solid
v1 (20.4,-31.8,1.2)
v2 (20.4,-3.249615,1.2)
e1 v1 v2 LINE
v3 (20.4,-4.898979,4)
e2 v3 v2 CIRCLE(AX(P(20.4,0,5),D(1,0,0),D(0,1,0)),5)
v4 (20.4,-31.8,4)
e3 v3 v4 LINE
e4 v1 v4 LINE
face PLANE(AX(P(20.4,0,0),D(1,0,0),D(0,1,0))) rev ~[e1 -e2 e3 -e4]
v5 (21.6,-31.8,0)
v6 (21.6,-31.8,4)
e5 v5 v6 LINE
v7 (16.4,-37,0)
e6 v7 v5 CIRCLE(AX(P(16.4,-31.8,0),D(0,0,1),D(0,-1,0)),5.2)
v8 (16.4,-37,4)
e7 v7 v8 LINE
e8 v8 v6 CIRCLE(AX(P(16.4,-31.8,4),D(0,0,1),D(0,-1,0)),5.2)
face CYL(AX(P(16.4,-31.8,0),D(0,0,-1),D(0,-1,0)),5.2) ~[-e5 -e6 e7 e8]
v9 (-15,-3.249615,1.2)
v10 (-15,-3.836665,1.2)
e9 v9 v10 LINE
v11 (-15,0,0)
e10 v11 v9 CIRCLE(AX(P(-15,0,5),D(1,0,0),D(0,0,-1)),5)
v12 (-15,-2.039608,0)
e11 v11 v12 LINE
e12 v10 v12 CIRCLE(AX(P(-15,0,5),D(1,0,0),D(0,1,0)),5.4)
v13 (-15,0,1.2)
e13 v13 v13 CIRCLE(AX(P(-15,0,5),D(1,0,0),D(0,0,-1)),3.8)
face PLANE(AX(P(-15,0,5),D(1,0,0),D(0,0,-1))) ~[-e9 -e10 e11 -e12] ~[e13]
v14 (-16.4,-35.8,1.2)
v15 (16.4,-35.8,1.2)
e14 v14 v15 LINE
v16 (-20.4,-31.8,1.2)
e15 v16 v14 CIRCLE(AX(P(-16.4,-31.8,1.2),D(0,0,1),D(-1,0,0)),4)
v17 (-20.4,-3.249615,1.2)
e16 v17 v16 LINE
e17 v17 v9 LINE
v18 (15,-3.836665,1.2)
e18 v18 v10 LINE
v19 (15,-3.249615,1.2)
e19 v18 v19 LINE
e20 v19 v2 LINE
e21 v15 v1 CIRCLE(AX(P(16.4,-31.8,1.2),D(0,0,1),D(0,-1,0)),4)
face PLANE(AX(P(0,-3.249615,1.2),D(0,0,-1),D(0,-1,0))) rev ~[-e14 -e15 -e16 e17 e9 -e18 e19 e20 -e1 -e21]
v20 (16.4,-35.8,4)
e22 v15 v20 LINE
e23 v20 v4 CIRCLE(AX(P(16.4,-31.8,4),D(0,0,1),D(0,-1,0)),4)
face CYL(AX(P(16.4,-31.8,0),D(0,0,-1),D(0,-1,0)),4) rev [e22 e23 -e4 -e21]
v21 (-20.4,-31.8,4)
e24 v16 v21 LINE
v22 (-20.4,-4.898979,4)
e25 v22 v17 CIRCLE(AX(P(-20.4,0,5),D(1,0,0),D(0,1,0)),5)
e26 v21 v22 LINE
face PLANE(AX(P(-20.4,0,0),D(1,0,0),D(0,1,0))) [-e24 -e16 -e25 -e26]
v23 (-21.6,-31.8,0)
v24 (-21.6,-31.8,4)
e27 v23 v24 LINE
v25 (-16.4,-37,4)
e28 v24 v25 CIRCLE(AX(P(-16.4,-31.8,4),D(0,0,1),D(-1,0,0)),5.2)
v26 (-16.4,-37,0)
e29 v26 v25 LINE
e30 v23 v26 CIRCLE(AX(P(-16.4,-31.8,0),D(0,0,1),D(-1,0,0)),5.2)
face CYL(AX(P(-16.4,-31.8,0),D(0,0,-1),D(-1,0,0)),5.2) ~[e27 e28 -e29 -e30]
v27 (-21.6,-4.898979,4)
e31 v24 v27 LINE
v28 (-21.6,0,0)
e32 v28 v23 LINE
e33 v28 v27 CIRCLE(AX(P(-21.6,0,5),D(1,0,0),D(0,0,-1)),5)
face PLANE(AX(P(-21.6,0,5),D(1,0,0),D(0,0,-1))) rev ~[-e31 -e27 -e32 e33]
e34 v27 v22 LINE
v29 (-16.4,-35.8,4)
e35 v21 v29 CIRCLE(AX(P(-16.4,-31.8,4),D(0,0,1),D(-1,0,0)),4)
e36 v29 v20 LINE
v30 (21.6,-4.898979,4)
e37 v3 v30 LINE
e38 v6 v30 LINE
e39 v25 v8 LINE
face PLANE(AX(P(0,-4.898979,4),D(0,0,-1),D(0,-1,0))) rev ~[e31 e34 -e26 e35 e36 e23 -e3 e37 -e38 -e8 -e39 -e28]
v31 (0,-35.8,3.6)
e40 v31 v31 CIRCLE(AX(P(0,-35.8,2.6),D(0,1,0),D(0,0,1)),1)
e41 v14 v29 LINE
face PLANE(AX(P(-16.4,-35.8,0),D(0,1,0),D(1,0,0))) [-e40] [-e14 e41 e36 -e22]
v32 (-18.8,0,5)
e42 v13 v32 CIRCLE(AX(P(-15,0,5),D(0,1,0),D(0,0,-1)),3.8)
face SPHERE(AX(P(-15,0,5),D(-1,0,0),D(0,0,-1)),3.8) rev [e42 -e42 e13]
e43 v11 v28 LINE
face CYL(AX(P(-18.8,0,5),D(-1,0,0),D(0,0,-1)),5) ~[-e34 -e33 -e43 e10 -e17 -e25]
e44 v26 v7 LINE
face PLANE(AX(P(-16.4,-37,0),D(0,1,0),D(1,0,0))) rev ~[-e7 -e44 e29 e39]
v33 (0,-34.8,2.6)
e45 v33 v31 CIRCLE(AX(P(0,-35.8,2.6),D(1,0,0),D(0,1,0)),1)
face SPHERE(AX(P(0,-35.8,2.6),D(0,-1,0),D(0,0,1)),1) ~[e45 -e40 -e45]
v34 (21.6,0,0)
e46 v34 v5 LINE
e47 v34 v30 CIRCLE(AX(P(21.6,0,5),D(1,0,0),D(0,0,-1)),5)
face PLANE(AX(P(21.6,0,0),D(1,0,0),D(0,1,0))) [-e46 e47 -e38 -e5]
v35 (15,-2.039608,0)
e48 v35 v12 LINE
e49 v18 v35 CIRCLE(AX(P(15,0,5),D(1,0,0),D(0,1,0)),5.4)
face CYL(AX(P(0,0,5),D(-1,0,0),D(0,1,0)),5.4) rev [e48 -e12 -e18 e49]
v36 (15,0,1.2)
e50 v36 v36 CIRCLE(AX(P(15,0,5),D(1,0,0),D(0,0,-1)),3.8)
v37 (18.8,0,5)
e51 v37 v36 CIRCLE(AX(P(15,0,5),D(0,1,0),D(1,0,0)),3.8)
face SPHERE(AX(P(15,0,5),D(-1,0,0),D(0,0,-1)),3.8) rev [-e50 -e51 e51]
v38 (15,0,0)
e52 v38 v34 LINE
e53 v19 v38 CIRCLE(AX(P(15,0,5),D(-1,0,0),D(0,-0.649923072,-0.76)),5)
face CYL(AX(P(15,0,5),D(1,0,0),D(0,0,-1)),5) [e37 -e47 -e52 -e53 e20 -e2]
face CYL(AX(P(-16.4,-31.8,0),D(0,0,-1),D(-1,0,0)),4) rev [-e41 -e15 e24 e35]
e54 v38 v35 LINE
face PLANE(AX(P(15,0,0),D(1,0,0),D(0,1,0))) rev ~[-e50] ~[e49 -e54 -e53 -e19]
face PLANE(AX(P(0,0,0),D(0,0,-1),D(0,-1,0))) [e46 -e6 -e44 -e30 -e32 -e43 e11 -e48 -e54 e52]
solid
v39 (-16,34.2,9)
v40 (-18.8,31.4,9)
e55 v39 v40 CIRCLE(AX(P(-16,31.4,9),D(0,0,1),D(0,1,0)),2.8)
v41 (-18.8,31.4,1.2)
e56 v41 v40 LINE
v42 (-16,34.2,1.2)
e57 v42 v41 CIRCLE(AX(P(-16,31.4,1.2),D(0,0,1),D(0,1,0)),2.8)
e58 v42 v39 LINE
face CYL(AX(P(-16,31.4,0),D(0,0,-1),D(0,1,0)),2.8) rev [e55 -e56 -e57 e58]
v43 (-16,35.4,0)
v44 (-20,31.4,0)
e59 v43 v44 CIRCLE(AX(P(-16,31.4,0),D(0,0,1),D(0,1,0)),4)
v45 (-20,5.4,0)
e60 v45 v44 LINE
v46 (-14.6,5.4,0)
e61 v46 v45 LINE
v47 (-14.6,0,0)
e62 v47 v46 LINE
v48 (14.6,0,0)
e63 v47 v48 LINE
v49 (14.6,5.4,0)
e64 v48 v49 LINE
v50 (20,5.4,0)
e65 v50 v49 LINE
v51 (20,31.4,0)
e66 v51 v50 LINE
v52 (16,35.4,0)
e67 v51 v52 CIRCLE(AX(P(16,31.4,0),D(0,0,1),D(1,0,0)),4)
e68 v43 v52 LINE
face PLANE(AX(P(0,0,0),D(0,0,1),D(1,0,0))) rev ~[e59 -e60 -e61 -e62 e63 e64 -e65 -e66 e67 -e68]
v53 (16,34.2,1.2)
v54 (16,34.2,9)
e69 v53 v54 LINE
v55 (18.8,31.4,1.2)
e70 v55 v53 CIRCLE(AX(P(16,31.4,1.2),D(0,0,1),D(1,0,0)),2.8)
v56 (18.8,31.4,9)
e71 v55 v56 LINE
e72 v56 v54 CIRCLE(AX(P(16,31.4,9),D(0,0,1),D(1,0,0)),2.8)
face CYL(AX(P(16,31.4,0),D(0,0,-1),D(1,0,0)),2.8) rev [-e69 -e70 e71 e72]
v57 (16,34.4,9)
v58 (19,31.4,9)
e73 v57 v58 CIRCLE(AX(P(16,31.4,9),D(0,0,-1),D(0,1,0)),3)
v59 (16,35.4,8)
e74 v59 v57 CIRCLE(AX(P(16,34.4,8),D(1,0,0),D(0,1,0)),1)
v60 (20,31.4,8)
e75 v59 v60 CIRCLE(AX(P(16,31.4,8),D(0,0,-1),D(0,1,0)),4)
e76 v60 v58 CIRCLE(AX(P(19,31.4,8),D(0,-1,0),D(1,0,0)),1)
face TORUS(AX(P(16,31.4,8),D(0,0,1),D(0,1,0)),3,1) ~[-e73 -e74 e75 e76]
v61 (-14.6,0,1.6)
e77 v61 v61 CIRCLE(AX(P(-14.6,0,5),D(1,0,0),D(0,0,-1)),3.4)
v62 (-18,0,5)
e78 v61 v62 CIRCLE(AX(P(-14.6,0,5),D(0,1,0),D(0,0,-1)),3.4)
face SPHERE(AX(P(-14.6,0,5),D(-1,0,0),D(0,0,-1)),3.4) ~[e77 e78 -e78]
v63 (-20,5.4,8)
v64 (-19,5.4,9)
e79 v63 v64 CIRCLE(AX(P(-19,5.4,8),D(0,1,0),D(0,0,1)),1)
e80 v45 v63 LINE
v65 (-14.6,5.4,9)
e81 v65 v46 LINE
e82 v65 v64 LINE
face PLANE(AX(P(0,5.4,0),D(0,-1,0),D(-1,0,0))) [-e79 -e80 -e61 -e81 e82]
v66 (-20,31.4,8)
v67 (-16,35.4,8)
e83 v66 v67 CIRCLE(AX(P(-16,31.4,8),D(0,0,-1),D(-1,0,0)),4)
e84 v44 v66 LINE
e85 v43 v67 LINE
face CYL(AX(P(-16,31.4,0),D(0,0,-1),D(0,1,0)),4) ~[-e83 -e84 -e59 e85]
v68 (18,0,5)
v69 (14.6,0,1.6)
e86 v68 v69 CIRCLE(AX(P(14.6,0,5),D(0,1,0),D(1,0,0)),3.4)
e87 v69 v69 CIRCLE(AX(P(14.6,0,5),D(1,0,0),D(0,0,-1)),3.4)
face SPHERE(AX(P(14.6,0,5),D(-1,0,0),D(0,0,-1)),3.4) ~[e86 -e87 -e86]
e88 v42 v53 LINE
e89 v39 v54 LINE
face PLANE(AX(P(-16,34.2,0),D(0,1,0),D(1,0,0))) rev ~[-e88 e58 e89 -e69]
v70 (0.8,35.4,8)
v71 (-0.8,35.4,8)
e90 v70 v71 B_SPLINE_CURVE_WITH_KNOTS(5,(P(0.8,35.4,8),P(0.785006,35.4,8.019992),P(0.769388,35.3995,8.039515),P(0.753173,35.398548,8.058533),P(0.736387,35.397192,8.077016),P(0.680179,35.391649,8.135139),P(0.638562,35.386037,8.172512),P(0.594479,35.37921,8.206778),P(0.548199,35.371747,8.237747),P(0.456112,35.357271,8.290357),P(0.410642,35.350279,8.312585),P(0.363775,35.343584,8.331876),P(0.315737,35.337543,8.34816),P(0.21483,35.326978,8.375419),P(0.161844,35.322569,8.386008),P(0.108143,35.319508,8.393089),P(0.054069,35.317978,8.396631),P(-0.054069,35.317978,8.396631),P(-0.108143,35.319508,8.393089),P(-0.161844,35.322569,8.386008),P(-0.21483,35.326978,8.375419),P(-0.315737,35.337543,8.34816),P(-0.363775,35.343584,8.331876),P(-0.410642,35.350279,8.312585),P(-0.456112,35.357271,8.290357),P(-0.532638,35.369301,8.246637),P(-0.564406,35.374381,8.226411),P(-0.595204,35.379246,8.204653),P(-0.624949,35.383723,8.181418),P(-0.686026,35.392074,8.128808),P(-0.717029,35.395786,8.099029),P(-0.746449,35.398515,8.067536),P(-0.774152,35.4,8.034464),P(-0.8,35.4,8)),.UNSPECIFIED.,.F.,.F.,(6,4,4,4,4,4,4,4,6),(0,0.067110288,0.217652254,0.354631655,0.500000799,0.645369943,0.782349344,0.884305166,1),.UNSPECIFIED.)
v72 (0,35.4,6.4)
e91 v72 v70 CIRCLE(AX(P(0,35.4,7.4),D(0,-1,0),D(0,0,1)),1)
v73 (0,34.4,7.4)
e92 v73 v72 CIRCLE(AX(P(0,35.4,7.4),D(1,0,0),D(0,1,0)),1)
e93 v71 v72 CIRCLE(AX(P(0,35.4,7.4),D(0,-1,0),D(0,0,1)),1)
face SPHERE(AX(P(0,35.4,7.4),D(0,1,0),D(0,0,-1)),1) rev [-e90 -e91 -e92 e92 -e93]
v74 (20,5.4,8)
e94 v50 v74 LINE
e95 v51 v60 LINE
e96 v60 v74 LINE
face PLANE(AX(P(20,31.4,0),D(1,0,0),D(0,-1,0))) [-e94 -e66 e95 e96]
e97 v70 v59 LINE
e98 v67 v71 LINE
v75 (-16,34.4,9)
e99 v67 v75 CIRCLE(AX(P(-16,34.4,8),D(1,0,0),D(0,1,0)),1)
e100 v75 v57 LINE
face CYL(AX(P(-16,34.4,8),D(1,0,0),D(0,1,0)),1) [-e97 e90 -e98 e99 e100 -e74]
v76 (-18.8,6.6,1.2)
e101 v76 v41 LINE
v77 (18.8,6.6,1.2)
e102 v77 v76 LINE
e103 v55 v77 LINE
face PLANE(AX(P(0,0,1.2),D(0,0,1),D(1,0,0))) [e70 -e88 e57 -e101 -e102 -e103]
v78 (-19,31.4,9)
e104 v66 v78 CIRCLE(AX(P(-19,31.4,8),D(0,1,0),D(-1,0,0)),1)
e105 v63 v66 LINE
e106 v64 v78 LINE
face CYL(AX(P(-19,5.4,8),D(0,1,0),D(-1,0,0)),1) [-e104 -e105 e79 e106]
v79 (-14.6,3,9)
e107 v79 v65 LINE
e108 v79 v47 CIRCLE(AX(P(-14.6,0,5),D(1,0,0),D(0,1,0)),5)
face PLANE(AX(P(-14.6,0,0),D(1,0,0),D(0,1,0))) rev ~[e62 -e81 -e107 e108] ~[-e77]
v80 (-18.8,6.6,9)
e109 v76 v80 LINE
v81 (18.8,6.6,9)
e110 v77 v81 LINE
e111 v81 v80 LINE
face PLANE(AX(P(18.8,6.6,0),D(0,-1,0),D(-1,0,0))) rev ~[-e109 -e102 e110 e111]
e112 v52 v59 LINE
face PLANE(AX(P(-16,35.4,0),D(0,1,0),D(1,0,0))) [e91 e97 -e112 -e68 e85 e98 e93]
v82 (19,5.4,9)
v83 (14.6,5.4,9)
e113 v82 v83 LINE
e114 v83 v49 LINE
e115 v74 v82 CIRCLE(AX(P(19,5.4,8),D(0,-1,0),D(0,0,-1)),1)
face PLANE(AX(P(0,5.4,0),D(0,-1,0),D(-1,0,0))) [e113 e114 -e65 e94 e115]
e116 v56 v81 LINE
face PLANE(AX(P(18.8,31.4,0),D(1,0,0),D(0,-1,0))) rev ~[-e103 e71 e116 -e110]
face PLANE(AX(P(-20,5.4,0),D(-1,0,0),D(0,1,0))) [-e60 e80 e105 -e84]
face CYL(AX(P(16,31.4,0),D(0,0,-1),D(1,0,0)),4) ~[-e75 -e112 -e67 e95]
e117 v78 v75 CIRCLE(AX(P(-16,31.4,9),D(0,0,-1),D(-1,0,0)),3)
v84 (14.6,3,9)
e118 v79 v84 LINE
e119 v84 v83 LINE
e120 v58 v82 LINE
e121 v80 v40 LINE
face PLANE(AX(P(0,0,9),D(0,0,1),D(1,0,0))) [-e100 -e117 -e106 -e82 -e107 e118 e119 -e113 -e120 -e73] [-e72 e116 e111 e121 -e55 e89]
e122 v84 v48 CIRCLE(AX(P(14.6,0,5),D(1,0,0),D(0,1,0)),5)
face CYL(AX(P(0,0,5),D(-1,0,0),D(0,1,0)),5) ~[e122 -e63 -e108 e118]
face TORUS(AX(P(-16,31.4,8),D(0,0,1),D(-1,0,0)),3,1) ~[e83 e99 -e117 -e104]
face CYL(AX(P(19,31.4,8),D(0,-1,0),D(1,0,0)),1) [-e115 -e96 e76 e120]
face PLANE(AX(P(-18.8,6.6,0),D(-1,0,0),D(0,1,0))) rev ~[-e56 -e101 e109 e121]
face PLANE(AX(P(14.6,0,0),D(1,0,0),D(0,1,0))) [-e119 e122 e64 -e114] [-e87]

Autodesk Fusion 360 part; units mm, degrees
sketch "Body" plane through (0, 0, 0) normal (0, 0, 1) x (1, 0, 0) in component "Base"
  line L0 (0, 0) -> (0, 5.4)
  line L1 (0, 5.4) -> (-20, 5.4)
  line L2 (-20, 5.4) -> (-20, 31.4)
  line L3 (-16, 35.4) -> (16, 35.4)
  line L4 (20, 31.4) -> (20, 5.4)
  line L5 (20, 5.4) -> (0, 5.4)
  arc A0 (-16, 35.4) -> (-20, 31.4) centre (-16, 31.4) ccw
  arc A1 (20, 31.4) -> (16, 35.4) centre (16, 31.4) ccw
  line L6 (0, 6.6) -> (-18.8, 6.6)
  line L7 (-18.8, 6.6) -> (-18.8, 31.4)
  arc A2 (-16, 34.2) -> (-18.8, 31.4) centre (-16, 31.4) ccw
  line L8 (-16, 34.2) -> (16, 34.2)
  arc A3 (18.8, 31.4) -> (16, 34.2) centre (16, 31.4) ccw
  line L9 (18.8, 31.4) -> (18.8, 6.6)
  line L10 (18.8, 6.6) -> (0, 6.6)
  dimension "d7" = 5.4
  dimension "d8" = 20
  dimension "d9" = 30
  dimension "d10" = 40
  dimension "d11" = 30
  dimension "d12" = 20
  dimension "d13" = 4
  dimension "d14" = 1.2
extrude "Extrude1" add sketch "Body" along normal blind 1.2 contours L6 L7 A2 L8 A3 L9 L10 makes body 1 in component "Base"
extrude "Extrude2" add sketch "Body" along normal blind 9 bodies 1 in component "Base"
sketch "Hinge" plane through (0, 0, 0) normal (1, 0, 0) x (0, 1, 0) in component "Base"
  line L0 (0, 0) -> (5.4, 0)
  line L1 (0, 0) -> (0, 5)
  circle A0 centre (0, 5) radius 5
  line L2 (0, 9) -> (5.4, 9)
  line L3 (5.4, 9) -> (5.4, 0)
  dimension "d19" = 5
  dimension "d20" = 10
  dimension "d21" = 9
extrude "Extrude3" add sketch "Hinge" along normal mid plane 29.2 bodies 1 in component "Base"
sketch "Hinge Ball" plane through (0, 0, 0) normal (0, 1, 0) x (1, 0, 0) in component "Base"
  line L0 (0, 0) -> (-18.8, 0)
  line L1 (0, 0) -> (0, -5) construction
  line L2 (0, -5) -> (14.6, -5) construction
  line L3 (14.6, -5) -> (18, -5)
  line L4 (14.6, -5) -> (14.6, -1.6)
  line L5 (18, -5) -> (18, -10.5) construction
  line L6 (14.6, -1.6) -> (9.5, -1.6) construction
  arc A0 (18, -5) -> (14.6, -1.6) centre (14.6, -5) ccw
  line L7 (-14.6, -5) -> (-18, -5)
  arc A1 (-14.6, -1.6) -> (-18, -5) centre (-14.6, -5) ccw
  line L8 (-14.6, -5) -> (-14.6, -1.6)
  dimension "d24" = 5
  dimension "d25" = 14.6
  dimension "d26" = 3.4
  dimension "d27" = 3.4
revolve "Revolve1" add sketch "Hinge Ball" angle 360 about axis through (0, 0, 5) along (1, 0, 0) bodies 1 in component "Base"
sketch "Body (2)" plane through (0, 0, 0) normal (0, 0, 1) x (1, 0, 0) in component "Lid"
  line L0 (0, 0) -> (0, 5.4)
  line L1 (0, 0) -> (0, -5)
  line L2 (0, -5) -> (-20.4, -5)
  line L3 (-20.4, -5) -> (-20.4, -31.8)
  line L4 (-16.4, -35.8) -> (16.4, -35.8)
  line L5 (20.4, -31.8) -> (20.4, -5)
  line L6 (20.4, -5) -> (0, -5)
  arc A0 (-20.4, -31.8) -> (-16.4, -35.8) centre (-16.4, -31.8) ccw
  arc A1 (16.4, -35.8) -> (20.4, -31.8) centre (16.4, -31.8) ccw
  line L7 (-21.6, -5) -> (-21.6, -31.8)
  arc A2 (-21.6, -31.8) -> (-16.4, -37) centre (-16.4, -31.8) ccw
  line L8 (-16.4, -37) -> (16.4, -37)
  arc A3 (16.4, -37) -> (21.6, -31.8) centre (16.4, -31.8) ccw
  line L9 (21.6, -31.8) -> (21.6, -5)
  line L10 (-21.6, -5) -> (-20.4, -5)
  line L11 (21.6, -5) -> (20.4, -5)
  dimension "d29" = 5
  dimension "d30" = 20.4
  dimension "d31" = 30.8
  dimension "d32" = 40.8
  dimension "d33" = 30.8
  dimension "d34" = 20.4
  dimension "d35" = 4
  dimension "d36" = 1.2
extrude "Extrude1'" add sketch "Body (2)" along normal blind 1.2 separate body contours L2 L3 L4 L5 L6 A0 A1 makes body 2 in component "Lid"
extrude "Extrude2'" add sketch "Body (2)" along normal blind 4 contours L3 L4 L5 A0 A1 L7 A2 L8 A3 L9 L10 L11 bodies 2 in component "Lid"
sketch "Hing Sockets" plane through (0, 0, 0) normal (0, 1, 0) x (1, 0, 0) in component "Lid"
  line L0 (0, 0) -> (0, -5)
  line L1 (21.6, 0) -> (21.6, -5)
  line L2 (0, -5) -> (15, -5) construction
  line L3 (15, -5) -> (18.8, -5)
  line L4 (15, -5) -> (15, -1.2)
  line L5 (18.8, -5) -> (18.8, -10.0001) construction
  line L6 (15, -1.2) -> (11, -1.2) construction
  arc A0 (18.8, -5) -> (15, -1.2) centre (15, -5) ccw
  line L7 (18.8, -5) -> (21.6, -5)
  line L8 (15, 0) -> (18.8, 0)
  line L9 (18.8, 0) -> (21.6, 0)
  line L10 (15, -1.2) -> (15, 0)
  arc A1 (-15, -1.2) -> (-18.8, -5) centre (-15, -5) ccw
  line L11 (-18.8, -5) -> (-21.6, -5)
  line L12 (-21.6, 0) -> (-21.6, -5)
  line L13 (-18.8, 0) -> (-21.6, 0)
  line L14 (-15, 0) -> (-18.8, 0)
  line L15 (-15, -1.2) -> (-15, 0)
  dimension "d41" = 5
  dimension "d42" = 21.6
  dimension "d43" = 15
  dimension "d44" = 3.8
  dimension "d45" = 3.8
  dimension "d46" = 5
revolve "Revolve1'" add sketch "Hing Sockets" angle 360 about axis through (0, 0, 5) along (1, 0, 0) separate body contours L1 A0 L7 L8 L9 L10 | A1 L11 L12 L13 L14 L15 makes body 3 at (-17.2, -0.2492, 0.0062) makes body 4 at (17.2, -0.2492, 0.0062) in component "Lid"
sketch "Body To Hinge Sockets" plane through (0, 0, 0) normal (1, 0, 0) x (0, 1, 0) in component "Lid"
  line L0 (0, 0) -> (5.4, 0)
  line L1 (0, 0) -> (0, 5)
  line L2 (0, 0) -> (-5, 0)
  line L3 (0, 1.2) -> (-5, 1.2)
  line L4 (0, 4) -> (-5, 4)
  line L5 (-5, 4) -> (-5, 0)
  circle A0 centre (0, 5) radius 5
  circle A1 centre (0, 5) radius 5.4
  dimension "d48" = 5
  dimension "d49" = 5
  dimension "d50" = 1.2
  dimension "d51" = 4
  dimension "d52" = 10
  dimension "d53" = 0.4
extrude "Extrude3'" add sketch "Body To Hinge Sockets" along normal mid plane 43.2 contours L2 L3 A0 A1 | L2 L3 L5 A1 | L3 L4 L5 A0 A1 | L3 L5 A1 bodies 2 3 4 in component "Lid"
extrude "Extrude4" cut sketch "Body To Hinge Sockets" along normal mid plane 30 contours L2 L3 A0 A1 | L3 L4 L5 A0 A1 | L3 L5 A1 bodies 2 in component "Lid"
extrude "Extrude5" cut sketch "Body To Hinge Sockets" along normal mid plane 40.8 contours L3 L4 L5 A0 A1 | L3 L5 A1 bodies 2 in component "Lid"
fillet "Fillet1" radius 1 5 edges at (20, 18.4, 9) (18.8284, 34.2284, 9) (0, 35.4, 9) (-18.8284, 34.2284, 9) (-20, 18.4, 9) on bodies 1 in component "Base"
sketch "Latch Socket" plane through (0, 0, 0) normal (1, 0, 0) x (0, 1, 0) in component "Base"
  line L0 (0, 0) -> (5.4, 0)
  line L1 (0, 0) -> (35.4, 0) construction
  line L2 (35.4, 0) -> (35.4, 7.4) construction
  circle A0 centre (35.4, 7.4) radius 1
  line L3 (35.4, 7.4) -> (35.4, 8.4)
  line L4 (35.4, 7.4) -> (34.4, 7.4)
  dimension "d68" = 35.4
  dimension "d69" = 7.4
  dimension "d70" = 2
revolve "Revolve2" cut sketch "Latch Socket" angle 360 about axis through (0, 35.4, 7.4) along (0, -1, 0) contours A0 L3 L4 picked at (34.9478, 6.9127) bodies 1 in component "Base"
sketch "Latch Ball" plane through (0, 0, 0) normal (1, 0, 0) x (0, 1, 0) in component "Lid"
  line L0 (-35.8, 1.2) -> (-35.8, 2.6)
  circle A0 centre (-35.8, 2.6) radius 1
  line L1 (-35.8, 2.56) -> (-35.8, 3.6)
  line L2 (-35.8, 2.6) -> (-34.8, 2.6)
  point P0 (0, 0)
  dimension "d76" = 1.4
  dimension "d77" = 2
revolve "Revolve2'" add sketch "Latch Ball" angle 360 about axis through (0, -35.8, 2.6) along (0, 1, 0) contours A0 L1 L2 bodies 2 in component "Lid"
component "Base" placed x (1, 0, 0) y (0, 1, 0) z (0, 0, 1) at (0, 0, 0)
component "Lid" placed x (1, 0, 0) y (0, 1, 0) z (0, 0, 1) at (0, 0, 0)
equation "Length = 40 mm"
equation "Depth = 30 mm"
equation "Height = 10 mm"
equation "LidLip = 4 mm"
equation "Thickness = 1.2 mm"
equation "Tolerance = 0.4 mm"
equation "d7 = ( Height / 2 ) + Tolerance"
equation "d8 = ( Length / 2 )"
equation "d9 = Depth"
equation "d10 = Length"
equation "d11 = Depth"
equation "d12 = ( Length / 2 )"
equation "d14 = Thickness"
equation "d15 = Thickness"
equation "d17 = ( Height - 1 mm )"
equation "d19 = ( Height / 2 )"
equation "d20 = Height"
equation "d21 = ( Height - 1 mm )"
equation "d22 = ( Length / 2 ) - ( Height / 2 ) - Tolerance"
equation "d24 = ( Height / 2 )"
equation "d25 = ( Length / 2 ) - ( Height / 2 ) - Tolerance"
equation "d26 = ( Height / 2 ) - Thickness - Tolerance"
equation "d27 = ( Height / 2 ) - Thickness - Tolerance"
equation "d29 = ( Height / 2 )"
equation "d30 = ( Length / 2 ) + Tolerance"
equation "d31 = Depth + ( Tolerance * 2 )"
equation "d32 = Length + ( Tolerance * 2 )"
equation "d33 = Depth + ( Tolerance * 2 )"
equation "d34 = ( Length / 2 ) + Tolerance"
equation "d36 = Thickness"
equation "d37 = Thickness"
equation "d39 = LidLip"
equation "d41 = ( Height / 2 )"
equation "d42 = ( Length / 2 ) + Thickness + Tolerance"
equation "d43 = ( Length / 2 ) - ( Height / 2 )"
equation "d44 = ( Height / 2 ) - Thickness"
equation "d45 = ( Height / 2 ) - Thickness"
equation "d46 = ( Height / 2 )"
equation "d48 = ( Height / 2 )"
equation "d49 = ( Height / 2 )"
equation "d50 = Thickness"
equation "d51 = LidLip"
equation "d52 = Height"
equation "d53 = Tolerance"
equation "d54 = ( Length / 2 ) + Thickness + Tolerance"
equation "d56 = ( Length / 2 ) - ( Height / 2 )"
equation "d58 = ( Length / 2 ) + Tolerance"
equation "d68 = ( ( Height / 2 ) + Tolerance ) + Depth"
equation "d69 = ( Height - Thickness ) - ( ( LidLip - Thickness ) / 2 )"
equation "d76 = ( ( LidLip - Thickness ) / 2 )"
